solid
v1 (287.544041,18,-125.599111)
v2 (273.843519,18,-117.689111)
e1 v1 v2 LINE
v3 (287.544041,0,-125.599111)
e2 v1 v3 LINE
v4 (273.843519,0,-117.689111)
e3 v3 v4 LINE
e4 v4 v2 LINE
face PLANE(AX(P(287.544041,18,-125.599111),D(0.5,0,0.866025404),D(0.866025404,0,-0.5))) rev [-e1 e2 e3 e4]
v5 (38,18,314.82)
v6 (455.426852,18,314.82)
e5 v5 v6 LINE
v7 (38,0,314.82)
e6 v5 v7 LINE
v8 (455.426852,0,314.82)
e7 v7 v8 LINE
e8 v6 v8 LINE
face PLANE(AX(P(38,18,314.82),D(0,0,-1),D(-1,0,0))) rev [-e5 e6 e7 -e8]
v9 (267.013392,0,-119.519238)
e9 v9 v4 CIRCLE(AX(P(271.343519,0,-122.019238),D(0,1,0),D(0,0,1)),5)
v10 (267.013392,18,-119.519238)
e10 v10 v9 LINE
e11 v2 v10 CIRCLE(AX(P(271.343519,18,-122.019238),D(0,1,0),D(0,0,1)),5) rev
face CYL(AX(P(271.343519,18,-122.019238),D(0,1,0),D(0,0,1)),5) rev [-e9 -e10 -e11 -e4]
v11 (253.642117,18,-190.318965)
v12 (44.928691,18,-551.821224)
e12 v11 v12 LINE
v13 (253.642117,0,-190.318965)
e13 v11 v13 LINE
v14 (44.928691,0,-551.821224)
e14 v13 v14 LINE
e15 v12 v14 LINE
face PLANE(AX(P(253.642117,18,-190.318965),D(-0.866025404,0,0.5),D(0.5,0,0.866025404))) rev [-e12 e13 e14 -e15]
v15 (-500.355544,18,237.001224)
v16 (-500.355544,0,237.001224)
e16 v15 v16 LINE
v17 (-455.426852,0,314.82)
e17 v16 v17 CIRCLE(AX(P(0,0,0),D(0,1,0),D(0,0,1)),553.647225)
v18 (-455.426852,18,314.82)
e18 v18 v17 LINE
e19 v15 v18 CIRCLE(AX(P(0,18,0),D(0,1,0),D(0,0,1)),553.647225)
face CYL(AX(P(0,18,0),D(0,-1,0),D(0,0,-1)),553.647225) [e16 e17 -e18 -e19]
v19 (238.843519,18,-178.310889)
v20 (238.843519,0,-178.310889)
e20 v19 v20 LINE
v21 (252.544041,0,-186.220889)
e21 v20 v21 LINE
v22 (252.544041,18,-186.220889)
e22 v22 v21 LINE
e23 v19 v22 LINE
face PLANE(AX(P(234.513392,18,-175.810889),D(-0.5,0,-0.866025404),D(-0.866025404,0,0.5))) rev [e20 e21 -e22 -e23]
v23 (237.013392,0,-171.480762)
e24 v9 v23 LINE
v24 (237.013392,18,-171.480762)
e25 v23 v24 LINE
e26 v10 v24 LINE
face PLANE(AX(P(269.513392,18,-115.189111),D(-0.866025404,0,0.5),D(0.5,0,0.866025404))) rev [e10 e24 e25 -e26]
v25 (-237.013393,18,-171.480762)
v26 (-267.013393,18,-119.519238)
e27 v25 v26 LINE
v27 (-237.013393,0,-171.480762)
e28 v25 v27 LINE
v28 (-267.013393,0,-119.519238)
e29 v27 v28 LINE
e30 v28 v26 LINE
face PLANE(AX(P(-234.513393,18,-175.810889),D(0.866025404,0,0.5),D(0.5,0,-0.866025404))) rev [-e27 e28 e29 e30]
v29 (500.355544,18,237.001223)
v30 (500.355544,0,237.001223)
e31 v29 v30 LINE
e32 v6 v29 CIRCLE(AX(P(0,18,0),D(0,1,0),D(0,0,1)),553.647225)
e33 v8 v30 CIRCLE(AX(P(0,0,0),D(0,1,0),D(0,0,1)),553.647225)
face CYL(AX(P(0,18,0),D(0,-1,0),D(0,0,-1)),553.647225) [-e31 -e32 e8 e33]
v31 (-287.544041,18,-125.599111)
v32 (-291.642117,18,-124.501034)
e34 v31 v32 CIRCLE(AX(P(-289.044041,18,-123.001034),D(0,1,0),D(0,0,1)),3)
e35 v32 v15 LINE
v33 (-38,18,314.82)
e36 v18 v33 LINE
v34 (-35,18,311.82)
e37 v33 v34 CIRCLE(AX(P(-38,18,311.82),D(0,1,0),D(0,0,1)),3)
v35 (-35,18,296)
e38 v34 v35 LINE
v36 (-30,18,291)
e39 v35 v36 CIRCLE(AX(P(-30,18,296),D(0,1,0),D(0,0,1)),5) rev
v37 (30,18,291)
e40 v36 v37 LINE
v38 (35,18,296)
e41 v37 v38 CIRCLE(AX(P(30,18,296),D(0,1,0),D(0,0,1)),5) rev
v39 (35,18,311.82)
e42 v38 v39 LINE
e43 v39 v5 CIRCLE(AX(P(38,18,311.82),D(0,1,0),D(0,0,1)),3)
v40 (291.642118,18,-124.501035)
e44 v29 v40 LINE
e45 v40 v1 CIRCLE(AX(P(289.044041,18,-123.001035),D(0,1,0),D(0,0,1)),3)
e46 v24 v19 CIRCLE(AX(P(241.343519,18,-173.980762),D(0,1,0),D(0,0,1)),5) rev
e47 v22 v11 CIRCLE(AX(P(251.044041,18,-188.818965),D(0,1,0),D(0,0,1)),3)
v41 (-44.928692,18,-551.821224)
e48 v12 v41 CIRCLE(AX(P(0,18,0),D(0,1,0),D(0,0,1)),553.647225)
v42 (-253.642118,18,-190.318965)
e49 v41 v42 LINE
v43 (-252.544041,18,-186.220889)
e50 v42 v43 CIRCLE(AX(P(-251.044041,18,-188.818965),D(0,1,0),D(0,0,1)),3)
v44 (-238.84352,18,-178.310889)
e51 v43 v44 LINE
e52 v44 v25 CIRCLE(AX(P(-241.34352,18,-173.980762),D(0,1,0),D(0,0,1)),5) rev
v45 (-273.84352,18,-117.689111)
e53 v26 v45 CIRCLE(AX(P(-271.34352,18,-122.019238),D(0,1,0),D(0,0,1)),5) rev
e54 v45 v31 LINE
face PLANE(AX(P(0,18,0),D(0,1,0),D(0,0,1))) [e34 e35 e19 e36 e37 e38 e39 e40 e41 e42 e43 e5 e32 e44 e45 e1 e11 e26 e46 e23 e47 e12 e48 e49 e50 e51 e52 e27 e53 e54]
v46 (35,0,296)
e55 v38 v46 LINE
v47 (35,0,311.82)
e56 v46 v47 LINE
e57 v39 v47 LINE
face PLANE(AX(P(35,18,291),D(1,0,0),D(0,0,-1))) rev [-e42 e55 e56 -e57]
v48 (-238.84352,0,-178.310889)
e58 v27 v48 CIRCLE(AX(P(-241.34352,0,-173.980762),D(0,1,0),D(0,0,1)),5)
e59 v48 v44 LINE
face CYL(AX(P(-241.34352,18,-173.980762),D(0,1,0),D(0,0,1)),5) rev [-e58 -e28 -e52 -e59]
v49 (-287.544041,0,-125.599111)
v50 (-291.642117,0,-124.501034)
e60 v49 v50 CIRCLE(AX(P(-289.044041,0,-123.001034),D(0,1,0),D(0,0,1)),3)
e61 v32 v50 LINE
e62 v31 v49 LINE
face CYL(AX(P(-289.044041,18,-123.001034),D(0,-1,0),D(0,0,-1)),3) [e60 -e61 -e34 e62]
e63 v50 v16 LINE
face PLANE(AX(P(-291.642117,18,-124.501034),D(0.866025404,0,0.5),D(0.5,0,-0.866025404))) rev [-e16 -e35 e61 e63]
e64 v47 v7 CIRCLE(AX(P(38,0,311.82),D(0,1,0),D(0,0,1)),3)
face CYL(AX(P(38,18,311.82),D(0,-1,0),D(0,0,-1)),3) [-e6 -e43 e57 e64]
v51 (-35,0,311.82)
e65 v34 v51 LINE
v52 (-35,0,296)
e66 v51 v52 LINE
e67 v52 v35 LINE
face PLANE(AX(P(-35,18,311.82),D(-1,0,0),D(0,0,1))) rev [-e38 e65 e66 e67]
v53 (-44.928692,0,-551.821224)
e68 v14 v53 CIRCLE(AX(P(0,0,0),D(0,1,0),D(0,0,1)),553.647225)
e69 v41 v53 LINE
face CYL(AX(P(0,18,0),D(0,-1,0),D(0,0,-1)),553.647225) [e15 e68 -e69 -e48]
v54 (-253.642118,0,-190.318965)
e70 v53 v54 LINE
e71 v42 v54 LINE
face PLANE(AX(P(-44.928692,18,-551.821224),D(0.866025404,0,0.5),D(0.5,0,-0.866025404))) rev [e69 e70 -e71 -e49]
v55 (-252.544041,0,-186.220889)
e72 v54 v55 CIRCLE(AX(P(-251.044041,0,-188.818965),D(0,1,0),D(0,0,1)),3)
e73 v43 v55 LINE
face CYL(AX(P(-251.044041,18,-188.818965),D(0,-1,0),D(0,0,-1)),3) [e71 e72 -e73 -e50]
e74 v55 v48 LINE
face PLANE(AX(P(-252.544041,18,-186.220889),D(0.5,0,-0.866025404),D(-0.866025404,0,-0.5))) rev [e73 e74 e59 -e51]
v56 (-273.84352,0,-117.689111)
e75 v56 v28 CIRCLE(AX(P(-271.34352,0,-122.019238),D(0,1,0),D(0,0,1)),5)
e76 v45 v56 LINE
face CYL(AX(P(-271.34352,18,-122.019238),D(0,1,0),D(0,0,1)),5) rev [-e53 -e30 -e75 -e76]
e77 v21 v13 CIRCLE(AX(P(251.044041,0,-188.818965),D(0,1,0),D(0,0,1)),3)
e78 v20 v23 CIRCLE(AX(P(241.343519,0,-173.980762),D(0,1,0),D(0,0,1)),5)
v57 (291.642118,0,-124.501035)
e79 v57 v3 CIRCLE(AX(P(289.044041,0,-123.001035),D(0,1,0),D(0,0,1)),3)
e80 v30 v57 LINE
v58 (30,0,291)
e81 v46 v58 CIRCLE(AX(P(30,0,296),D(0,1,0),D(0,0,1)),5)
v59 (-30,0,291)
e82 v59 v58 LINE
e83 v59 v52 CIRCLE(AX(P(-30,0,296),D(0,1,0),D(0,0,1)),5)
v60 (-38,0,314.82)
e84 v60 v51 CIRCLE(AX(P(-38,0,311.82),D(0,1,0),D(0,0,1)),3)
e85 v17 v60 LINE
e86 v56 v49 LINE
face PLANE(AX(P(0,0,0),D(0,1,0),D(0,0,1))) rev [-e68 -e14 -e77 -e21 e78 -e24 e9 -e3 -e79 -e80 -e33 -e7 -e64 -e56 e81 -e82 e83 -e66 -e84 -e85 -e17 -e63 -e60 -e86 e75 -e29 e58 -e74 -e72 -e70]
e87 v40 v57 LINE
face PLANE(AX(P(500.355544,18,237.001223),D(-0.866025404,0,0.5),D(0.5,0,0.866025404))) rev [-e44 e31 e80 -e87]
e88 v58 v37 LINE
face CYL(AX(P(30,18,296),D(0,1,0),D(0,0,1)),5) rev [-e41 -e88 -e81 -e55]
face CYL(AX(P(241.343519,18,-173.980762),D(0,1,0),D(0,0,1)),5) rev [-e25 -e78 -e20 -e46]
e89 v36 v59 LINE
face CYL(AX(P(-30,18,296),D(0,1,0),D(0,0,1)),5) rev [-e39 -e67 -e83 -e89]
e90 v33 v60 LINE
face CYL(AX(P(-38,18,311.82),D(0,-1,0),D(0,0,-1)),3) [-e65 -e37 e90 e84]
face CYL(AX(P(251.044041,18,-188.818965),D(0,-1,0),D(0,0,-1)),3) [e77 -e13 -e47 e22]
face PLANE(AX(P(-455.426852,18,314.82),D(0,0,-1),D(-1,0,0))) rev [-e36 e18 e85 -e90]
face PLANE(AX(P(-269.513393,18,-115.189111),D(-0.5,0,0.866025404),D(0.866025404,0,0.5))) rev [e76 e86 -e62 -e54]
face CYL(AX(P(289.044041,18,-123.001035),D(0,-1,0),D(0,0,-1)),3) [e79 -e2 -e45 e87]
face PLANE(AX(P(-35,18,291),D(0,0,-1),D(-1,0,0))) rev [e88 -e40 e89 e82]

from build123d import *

# Parameters (mm, degrees)
BOSS_EXTRUDE1_DEPTH = 18
FILLET1_R           = 5


with BuildPart() as part:
    # Sketch1 → Boss-Extrude1 (new body)
    with BuildSketch(Plane(origin=(0, 0, 0), x_dir=(1, 0, 0), z_dir=(0, 1, 0))):
        with BuildLine():
            Line((-455.426852277, -314.819999892), (-38.000000187, -314.819999892))
            ThreePointArc((-38.000000187, -314.819999892), (-35.878679843, -313.941320236), (-35.000000187, -311.819999892))
            Line((-35.000000187, -311.819999892), (-35.000000187, -290.999999892))
            Line((-35.000000187, -290.999999892), (34.999999813, -290.999999892))
            Line((34.999999813, -290.999999892), (34.999999813, -311.819999892))
            ThreePointArc((34.999999813, -311.819999892), (35.87867947, -313.941320236), (37.999999813, -314.819999892))
            Line((37.999999813, -314.819999892), (455.426851904, -314.819999892))
            ThreePointArc((455.426851904, -314.819999892), (479.472561657, -276.823612404), (500.355543579, -237.001223154))
            Line((500.355543579, -237.001223154), (291.642117601, 124.501034862))
            ThreePointArc((291.642117601, 124.501034862), (289.820498525, 125.898812341), (287.54404139, 125.599111073))
            Line((287.54404139, 125.599111073), (269.513392244, 115.189110935))
            Line((269.513392244, 115.189110935), (234.513392244, 175.8108892))
            Line((234.513392244, 175.8108892), (252.544041237, 186.220889249))
            ThreePointArc((252.544041237, 186.220889249), (253.941818715, 188.042508325), (253.642117448, 190.318965461))
            Line((253.642117448, 190.318965461), (44.928691409, 551.821223582))
            ThreePointArc((44.928691409, 551.821223582), (-7e-08, 553.647225338), (-44.928691549, 551.821223601))
            Line((-44.928691549, 551.821223601), (-253.642117655, 190.318965363))
            ThreePointArc((-253.642117655, 190.318965363), (-253.941818922, 188.042508228), (-252.544041443, 186.220889153))
            Line((-252.544041443, 186.220889153), (-234.513392501, 175.810889132))
            Line((-234.513392501, 175.810889132), (-269.513392501, 115.189110868))
            Line((-269.513392501, 115.189110868), (-287.544041036, 125.599110653))
            ThreePointArc((-287.544041036, 125.599110653), (-289.820498172, 125.89881192), (-291.642117248, 124.50103444))
            Line((-291.642117248, 124.50103444), (-500.355543515, -237.001224077))
            ThreePointArc((-500.355543515, -237.001224077), (-479.472561775, -276.823612847), (-455.426852277, -314.819999892))
        make_face()
    extrude(amount=BOSS_EXTRUDE1_DEPTH)

    # Fillet1
    fillet1_edges = [part.edges().sort_by_distance(p)[0] for p in [
        (-269.513392501, 9, -115.189110868),
        (-234.513392501, 9, -175.810889132),
        (234.513392244, 9, -175.8108892),
        (269.513392244, 9, -115.189110935),
        (34.999999813, 9, 290.999999892),
        (-35.000000187, 9, 290.999999892),
    ]]
    fillet(fillet1_edges, radius=FILLET1_R)


solid = part.part
